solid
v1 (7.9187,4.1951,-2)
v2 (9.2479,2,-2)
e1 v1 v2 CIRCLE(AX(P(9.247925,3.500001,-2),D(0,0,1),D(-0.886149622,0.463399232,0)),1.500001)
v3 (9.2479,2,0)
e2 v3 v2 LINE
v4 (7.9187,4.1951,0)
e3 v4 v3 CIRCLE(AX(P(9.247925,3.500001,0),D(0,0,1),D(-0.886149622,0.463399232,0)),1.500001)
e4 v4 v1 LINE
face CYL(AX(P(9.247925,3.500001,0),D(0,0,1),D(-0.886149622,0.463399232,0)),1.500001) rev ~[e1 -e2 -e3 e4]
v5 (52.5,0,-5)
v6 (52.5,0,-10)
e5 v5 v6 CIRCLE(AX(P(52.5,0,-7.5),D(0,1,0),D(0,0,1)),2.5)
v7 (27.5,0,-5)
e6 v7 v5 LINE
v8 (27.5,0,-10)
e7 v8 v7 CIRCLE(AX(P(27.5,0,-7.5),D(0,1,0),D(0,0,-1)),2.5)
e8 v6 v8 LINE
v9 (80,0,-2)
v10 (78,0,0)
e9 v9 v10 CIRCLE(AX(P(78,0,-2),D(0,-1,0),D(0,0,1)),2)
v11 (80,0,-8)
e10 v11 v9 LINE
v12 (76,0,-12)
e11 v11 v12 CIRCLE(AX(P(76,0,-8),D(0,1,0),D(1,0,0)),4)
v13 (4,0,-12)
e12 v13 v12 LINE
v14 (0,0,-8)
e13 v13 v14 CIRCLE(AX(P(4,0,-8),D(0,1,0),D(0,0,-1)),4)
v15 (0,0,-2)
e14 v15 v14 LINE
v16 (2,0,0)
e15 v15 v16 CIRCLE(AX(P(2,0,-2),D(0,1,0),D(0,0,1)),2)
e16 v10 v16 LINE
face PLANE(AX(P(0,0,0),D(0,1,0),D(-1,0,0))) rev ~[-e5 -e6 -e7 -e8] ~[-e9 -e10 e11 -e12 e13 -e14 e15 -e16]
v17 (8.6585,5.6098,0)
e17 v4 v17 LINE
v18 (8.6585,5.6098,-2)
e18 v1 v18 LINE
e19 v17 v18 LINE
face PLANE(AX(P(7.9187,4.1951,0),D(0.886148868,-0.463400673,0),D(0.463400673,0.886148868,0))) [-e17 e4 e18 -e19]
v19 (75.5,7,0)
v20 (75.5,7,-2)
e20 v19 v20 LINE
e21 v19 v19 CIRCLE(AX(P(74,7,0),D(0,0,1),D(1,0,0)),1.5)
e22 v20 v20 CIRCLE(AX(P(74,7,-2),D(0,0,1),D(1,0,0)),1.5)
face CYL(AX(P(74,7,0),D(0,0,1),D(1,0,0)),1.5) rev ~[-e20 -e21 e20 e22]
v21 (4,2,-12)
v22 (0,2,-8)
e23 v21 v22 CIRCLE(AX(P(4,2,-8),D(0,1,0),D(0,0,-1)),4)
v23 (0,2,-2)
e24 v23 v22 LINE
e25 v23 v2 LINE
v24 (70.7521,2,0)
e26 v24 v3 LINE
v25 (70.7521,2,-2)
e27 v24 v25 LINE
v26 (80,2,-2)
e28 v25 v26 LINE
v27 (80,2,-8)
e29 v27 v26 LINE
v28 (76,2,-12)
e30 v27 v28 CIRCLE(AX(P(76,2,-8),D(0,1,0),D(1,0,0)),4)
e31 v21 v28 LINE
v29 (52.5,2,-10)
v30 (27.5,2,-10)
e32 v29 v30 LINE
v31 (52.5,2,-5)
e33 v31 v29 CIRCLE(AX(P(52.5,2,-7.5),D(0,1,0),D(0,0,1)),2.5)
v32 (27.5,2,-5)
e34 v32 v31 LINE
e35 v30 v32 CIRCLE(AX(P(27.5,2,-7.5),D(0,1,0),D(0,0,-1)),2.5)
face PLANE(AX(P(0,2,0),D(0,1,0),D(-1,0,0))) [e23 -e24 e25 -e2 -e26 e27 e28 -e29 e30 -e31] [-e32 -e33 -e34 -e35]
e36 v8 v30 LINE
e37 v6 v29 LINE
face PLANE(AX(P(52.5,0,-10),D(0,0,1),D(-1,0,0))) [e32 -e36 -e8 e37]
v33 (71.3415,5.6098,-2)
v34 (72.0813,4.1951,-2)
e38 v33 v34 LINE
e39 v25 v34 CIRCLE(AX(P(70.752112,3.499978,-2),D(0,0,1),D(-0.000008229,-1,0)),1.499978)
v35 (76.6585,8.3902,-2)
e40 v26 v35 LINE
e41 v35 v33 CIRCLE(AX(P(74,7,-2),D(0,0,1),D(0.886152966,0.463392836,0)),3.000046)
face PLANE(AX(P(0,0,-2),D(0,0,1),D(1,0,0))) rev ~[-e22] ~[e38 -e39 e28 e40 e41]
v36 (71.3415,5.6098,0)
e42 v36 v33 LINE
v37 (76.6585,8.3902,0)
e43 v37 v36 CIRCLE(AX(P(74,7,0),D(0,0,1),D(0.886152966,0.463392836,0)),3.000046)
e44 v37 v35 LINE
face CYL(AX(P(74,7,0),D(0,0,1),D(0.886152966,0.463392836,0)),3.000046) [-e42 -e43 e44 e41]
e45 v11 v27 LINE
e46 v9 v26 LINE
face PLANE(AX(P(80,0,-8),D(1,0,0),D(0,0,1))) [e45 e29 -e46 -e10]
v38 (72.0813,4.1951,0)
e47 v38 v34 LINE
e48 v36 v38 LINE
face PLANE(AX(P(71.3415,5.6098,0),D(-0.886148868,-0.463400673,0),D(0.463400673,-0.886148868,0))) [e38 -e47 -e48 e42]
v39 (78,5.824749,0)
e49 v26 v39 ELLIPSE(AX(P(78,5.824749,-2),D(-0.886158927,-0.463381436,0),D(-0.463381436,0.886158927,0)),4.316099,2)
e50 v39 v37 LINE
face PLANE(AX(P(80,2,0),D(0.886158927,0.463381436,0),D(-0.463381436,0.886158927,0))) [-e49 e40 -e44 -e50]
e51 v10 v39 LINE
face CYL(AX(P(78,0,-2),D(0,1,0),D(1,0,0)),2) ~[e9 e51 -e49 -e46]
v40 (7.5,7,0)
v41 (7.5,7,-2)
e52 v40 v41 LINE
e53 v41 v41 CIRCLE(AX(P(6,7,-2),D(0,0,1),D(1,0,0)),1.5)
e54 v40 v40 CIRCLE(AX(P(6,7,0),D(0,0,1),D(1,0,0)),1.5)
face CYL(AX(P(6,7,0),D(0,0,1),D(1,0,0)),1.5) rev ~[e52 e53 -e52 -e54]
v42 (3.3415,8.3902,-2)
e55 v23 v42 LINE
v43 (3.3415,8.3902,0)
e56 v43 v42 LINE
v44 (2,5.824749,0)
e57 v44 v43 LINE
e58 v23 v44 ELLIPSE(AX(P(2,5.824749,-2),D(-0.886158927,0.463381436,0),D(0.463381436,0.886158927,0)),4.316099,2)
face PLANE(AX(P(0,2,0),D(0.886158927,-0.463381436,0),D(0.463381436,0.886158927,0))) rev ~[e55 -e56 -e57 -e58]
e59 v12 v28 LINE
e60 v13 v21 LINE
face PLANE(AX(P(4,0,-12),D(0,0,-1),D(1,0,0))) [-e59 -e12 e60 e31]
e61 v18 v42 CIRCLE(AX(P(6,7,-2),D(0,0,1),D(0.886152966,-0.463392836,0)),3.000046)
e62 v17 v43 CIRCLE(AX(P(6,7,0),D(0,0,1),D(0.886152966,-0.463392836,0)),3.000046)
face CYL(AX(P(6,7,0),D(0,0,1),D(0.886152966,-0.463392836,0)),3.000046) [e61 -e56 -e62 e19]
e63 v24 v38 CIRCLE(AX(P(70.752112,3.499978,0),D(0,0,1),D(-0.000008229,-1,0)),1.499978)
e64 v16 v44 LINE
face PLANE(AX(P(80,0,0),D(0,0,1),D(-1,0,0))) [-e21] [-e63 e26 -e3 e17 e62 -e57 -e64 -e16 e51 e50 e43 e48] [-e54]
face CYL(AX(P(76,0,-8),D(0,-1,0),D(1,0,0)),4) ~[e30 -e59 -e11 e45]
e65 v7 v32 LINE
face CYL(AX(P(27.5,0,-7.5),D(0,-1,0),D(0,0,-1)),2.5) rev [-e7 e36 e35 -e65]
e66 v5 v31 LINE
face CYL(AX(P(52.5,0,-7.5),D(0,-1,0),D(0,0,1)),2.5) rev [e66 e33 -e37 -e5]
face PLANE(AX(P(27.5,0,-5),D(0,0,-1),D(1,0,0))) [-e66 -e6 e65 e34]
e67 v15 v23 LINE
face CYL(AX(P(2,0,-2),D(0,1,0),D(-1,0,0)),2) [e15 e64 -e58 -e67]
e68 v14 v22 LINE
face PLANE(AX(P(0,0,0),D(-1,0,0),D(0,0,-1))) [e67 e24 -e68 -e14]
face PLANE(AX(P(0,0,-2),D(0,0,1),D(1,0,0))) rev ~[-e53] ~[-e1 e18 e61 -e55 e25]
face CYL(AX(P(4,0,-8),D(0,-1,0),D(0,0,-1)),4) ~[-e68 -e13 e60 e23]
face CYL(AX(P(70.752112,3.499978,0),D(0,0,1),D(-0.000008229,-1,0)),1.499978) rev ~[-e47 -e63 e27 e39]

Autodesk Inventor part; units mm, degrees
ref_plane "YZ Plane" through (0, 0, 0) normal (1, 0, 0) x (0, 1, 0)
ref_plane "XZ Plane" through (0, 0, 0) normal (0, 1, 0) x (-1, 0, 0)
ref_plane "XY Plane" through (0, 0, 0) normal (0, 0, 1) x (1, 0, 0)
sketch "Sketch1" plane through (0, 0, 0) normal (0, 1, 0) x (-1, 0, 0)
  line L0 (-27.5, -7.5) -> (-52.5, -7.5) construction
  line L1 (-27.5, -5) -> (-52.5, -5)
  line L2 (-52.5, -10) -> (-27.5, -10)
  arc A0 (-27.5, -10) -> (-27.5, -5) centre (-27.5, -7.5) ccw
  arc A1 (-52.5, -5) -> (-52.5, -10) centre (-52.5, -7.5) ccw
  line L3 (-4, -12) -> (-76, -12)
  line L4 (-80, -8) -> (-80, 0)
  line L5 (-80, 0) -> (0, 0)
  line L6 (0, 0) -> (0, -8)
  arc A2 (-4, -12) -> (0, -8) centre (-4, -8) ccw
  arc A3 (-80, -8) -> (-76, -12) centre (-76, -8) ccw
  point P0 (-40, -7.5)
  point P1 (-80, -12)
  point P2 (-40, -12)
  dimension "d0" = 25
  dimension "d1" = 5
  dimension "d2" = 80
  dimension "d3" = 12
  dimension "d5" = 4
  dimension "d6" = 2
extrude "Extrusion1" add sketch "Sketch1" along normal blind 2
sketch "Sketch2" plane through (0, 0, 0) normal (0, 0, 1) x (1, 0, 0)
  circle A0 centre (6, 7) radius 1.5
  circle A1 centre (74, 7) radius 1.5
  line L0 (0, 0) -> (0, 2) projected
  line L1 (80, 0) -> (80, 2) projected
  line L2 (0, 2) -> (80, 2) projected
  line L3 (4, 2) -> (0, 2) projected
  line L4 (76, 2) -> (4, 2) projected
  line L5 (9.2479, 2) -> (12, 2)
  arc A2 (8.6585, 5.6098) -> (3.3415, 8.3902) centre (6, 7) ccw
  line L6 (0, 2) -> (3.3415, 8.3902)
  line L7 (7.9187, 4.1951) -> (8.6585, 5.6098)
  arc A3 (7.9187, 4.1951) -> (9.2479, 2) centre (9.2479, 3.5) ccw
  arc A4 (76.6585, 8.3902) -> (71.3415, 5.6098) centre (74, 7) ccw
  line L8 (80, 2) -> (76.6585, 8.3902)
  line L9 (71.3415, 5.6098) -> (72.0813, 4.1951)
  line L10 (70.7521, 2) -> (70.1315, 2)
  arc A5 (70.7521, 2) -> (72.0813, 4.1951) centre (70.7521, 3.5) ccw
  point P0 (6.7708, 2)
  point P1 (73.2292, 2)
  point P2 (9.2479, 2)
  dimension "d9" = 3
  dimension "d10" = 3
  dimension "d11" = 6
  dimension "d12" = 6
  dimension "d13" = 5
  dimension "d16" = 6
  dimension "d17" = 1.5
  dimension "d18" = 6
  dimension "d19" = 1.5
extrude "Extrusion2" add sketch "Sketch2" against normal blind 2
fillet "Fillet1" radius 2 2 edges at (0, 1, 0) (80, 1, 0)
equation "\"d10\" = d9"
equation "\"d12\" = d11"
equation "\"d18\" = d16"
equation "\"d19\" = d17"
properties part number "PCB Mount Support"
